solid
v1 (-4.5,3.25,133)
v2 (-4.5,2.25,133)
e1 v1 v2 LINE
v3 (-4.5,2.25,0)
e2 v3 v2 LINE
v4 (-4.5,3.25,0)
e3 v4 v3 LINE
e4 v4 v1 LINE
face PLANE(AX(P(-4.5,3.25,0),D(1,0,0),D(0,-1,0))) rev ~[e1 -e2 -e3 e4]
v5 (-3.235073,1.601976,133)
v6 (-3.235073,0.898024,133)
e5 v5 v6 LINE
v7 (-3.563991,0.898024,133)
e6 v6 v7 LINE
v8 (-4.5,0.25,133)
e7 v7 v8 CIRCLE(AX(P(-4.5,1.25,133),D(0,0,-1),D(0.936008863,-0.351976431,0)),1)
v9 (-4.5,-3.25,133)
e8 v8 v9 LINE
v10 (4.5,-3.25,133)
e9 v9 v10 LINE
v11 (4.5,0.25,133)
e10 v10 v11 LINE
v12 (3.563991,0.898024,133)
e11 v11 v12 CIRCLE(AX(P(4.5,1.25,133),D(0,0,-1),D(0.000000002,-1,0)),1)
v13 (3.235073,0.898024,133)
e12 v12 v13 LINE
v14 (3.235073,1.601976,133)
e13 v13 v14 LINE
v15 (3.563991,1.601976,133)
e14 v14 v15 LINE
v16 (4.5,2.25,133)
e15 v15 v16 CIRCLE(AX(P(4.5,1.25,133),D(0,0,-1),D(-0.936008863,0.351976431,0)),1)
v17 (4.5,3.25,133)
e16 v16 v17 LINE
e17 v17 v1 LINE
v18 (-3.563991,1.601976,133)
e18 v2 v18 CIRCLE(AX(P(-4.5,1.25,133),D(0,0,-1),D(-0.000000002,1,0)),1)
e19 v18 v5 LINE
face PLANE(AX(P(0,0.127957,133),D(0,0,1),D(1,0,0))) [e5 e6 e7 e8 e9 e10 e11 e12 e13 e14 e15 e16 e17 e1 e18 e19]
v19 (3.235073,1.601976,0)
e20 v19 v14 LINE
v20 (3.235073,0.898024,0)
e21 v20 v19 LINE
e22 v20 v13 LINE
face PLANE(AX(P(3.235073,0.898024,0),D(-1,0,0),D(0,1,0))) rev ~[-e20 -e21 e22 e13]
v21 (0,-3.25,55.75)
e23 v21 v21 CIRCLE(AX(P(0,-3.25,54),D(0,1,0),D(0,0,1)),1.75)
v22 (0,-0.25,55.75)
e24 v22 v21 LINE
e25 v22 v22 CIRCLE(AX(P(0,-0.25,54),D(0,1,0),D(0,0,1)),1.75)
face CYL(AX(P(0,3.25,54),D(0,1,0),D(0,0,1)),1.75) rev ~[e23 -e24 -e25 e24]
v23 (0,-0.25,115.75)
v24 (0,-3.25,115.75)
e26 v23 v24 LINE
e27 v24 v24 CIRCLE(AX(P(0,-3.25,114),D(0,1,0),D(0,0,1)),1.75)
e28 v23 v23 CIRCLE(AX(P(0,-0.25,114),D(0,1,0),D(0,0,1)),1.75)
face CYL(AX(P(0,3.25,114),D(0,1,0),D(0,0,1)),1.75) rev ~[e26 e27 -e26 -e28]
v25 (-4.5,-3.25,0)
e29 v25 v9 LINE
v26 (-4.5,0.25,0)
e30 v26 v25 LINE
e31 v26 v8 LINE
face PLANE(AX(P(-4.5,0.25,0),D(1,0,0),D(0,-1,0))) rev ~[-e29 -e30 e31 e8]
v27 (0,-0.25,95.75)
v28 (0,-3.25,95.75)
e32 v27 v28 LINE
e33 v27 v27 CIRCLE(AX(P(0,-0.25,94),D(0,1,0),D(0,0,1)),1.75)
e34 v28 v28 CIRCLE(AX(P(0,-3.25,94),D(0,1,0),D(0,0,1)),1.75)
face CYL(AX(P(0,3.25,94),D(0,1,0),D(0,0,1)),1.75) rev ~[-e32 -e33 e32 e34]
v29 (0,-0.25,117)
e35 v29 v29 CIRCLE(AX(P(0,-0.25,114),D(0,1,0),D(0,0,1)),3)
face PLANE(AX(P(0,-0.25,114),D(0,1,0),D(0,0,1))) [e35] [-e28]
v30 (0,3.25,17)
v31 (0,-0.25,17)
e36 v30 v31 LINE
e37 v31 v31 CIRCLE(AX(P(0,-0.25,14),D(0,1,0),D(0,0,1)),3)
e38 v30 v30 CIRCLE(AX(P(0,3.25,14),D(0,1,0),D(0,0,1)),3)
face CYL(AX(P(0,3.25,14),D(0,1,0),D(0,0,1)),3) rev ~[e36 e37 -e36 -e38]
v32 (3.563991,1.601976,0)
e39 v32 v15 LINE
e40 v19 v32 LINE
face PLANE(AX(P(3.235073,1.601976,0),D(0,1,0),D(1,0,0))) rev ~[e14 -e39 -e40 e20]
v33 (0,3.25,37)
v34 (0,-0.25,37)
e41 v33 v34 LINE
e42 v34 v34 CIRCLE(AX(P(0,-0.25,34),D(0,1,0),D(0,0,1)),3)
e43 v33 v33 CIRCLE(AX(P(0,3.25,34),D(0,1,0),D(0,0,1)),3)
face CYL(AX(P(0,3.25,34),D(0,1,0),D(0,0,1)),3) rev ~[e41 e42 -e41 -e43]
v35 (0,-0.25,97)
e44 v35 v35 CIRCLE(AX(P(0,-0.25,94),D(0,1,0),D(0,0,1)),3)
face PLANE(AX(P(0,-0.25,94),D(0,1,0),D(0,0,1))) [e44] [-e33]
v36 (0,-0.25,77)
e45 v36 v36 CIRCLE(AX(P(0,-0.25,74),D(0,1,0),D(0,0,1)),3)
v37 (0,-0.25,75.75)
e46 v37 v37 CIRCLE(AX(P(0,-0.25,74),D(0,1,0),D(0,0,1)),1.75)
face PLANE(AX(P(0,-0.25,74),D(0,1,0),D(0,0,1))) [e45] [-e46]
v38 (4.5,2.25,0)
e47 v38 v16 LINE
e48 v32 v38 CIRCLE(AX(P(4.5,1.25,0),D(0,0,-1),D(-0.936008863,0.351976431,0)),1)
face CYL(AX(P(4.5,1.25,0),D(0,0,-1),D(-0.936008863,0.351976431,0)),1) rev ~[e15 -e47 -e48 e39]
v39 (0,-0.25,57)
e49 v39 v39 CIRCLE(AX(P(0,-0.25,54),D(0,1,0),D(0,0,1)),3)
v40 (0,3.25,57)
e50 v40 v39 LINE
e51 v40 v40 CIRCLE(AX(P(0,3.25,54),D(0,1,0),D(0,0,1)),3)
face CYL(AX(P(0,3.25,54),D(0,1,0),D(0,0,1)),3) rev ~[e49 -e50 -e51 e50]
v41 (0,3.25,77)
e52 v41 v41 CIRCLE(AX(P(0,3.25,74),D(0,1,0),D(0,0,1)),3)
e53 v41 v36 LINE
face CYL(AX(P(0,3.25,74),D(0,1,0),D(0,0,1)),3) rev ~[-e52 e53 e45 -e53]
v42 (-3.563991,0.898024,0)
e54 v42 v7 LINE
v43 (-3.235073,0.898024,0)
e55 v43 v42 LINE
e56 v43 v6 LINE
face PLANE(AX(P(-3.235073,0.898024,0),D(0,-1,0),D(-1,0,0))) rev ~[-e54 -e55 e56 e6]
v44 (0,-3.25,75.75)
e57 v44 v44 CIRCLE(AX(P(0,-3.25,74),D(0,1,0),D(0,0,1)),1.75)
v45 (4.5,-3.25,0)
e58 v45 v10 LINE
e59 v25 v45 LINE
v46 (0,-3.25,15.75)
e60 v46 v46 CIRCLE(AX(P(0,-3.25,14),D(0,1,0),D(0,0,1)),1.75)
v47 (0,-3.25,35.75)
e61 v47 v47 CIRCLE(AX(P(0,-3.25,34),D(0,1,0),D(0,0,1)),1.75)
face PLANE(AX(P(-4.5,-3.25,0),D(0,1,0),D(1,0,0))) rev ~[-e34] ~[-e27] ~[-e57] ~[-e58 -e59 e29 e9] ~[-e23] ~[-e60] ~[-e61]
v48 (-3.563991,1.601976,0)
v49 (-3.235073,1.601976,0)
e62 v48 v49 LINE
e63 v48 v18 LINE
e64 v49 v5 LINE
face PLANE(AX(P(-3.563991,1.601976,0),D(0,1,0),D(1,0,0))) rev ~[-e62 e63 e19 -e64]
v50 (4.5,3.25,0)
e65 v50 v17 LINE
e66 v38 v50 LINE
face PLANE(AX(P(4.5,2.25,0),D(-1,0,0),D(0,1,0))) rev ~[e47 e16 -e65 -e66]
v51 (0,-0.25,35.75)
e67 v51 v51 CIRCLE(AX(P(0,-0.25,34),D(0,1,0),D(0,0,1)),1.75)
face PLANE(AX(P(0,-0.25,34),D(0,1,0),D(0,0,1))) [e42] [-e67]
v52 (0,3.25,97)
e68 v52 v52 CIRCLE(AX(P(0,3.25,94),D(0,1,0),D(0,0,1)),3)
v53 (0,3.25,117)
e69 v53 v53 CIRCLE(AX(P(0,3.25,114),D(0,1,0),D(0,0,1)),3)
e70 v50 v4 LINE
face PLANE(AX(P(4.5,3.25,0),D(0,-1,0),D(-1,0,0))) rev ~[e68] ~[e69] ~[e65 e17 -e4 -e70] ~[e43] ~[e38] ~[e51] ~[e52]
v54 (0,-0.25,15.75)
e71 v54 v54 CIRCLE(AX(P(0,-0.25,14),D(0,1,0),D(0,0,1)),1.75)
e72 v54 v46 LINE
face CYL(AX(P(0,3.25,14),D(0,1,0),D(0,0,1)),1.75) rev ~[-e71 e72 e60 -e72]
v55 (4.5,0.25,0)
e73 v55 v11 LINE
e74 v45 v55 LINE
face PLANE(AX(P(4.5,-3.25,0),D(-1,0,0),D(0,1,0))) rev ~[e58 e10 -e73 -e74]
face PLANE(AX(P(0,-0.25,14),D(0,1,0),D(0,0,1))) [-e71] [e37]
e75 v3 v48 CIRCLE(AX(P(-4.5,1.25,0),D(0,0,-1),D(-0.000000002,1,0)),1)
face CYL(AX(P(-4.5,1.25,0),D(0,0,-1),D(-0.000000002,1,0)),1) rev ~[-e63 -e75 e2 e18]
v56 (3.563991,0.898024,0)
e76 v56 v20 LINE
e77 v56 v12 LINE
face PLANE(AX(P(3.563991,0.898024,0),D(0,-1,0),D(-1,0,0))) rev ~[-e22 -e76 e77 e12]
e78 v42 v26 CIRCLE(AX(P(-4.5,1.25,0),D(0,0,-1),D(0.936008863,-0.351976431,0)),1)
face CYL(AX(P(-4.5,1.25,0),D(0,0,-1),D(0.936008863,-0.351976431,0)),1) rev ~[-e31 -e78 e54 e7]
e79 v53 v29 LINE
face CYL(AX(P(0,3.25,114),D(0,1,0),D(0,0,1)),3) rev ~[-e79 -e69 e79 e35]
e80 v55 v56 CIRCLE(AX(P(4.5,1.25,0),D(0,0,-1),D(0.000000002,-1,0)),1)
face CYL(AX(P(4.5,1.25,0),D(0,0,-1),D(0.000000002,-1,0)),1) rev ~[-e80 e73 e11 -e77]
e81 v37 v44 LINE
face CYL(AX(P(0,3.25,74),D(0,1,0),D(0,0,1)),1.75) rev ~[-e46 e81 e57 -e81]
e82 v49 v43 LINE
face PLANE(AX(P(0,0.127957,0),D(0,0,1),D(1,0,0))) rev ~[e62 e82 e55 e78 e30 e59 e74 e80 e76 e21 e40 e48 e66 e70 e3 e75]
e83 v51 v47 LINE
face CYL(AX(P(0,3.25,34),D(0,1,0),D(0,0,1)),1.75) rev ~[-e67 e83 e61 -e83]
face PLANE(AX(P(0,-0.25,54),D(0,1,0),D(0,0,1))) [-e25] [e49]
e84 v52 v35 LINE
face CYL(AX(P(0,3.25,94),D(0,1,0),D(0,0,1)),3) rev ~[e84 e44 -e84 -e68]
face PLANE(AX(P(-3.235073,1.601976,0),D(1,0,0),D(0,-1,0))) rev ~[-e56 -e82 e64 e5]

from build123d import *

# Parameters (mm, degrees)
EXTRUDE1_DEPTH  = 133
SKETCH2_R       = 3
EXTRUDE2_DEPTH  = 3.5
SKETCH_R        = 1.75
EXTRUDE3_DEPTH  = 134.234755226
LPATTERN1_COUNT = 6
LPATTERN1_PITCH = 20


with BuildPart() as part:
    # Sketch1 → Extrude1 (new body)
    with BuildSketch(Plane.XY):
        with BuildLine():
            Line((-4.5, -3.25), (4.5, -3.25))
            Line((4.5, -3.25), (4.5, 0.25))
            ThreePointArc((4.5, 0.25), (3.93077967, 0.427814974), (3.563991137, 0.898023568))
            Line((3.563991137, 0.898023568), (3.235073025, 0.898023568))
            Line((3.235073025, 0.898023568), (3.235073025, 1.601976432))
            Line((3.235073025, 1.601976432), (3.563991137, 1.601976432))
            ThreePointArc((3.563991137, 1.601976432), (3.93077967, 2.072185026), (4.5, 2.25))
            Line((4.5, 2.25), (4.5, 3.25))
            Line((4.5, 3.25), (-4.5, 3.25))
            Line((-4.5, 3.25), (-4.5, 2.25))
            ThreePointArc((-4.5, 2.25), (-3.93077967, 2.072185026), (-3.563991137, 1.601976432))
            Line((-3.563991137, 1.601976432), (-3.235073025, 1.601976432))
            Line((-3.235073025, 1.601976432), (-3.235073025, 0.898023568))
            Line((-3.235073025, 0.898023568), (-3.563991137, 0.898023568))
            ThreePointArc((-3.563991137, 0.898023568), (-3.93077967, 0.427814974), (-4.5, 0.25))
            Line((-4.5, 0.25), (-4.5, -3.25))
        make_face()
    extrude(amount=EXTRUDE1_DEPTH)

    # Sketch2 → Extrude2 (cut)
    with BuildSketch(Plane(origin=(0, 3.25, 0), x_dir=(1, 0, 0), z_dir=(0, 1, 0))):
        with Locations((0, -14)):
            Circle(SKETCH2_R)
    extrude2 = extrude(amount=-EXTRUDE2_DEPTH, mode=Mode.SUBTRACT)

    # Sketch → Extrude3 (cut, through all)
    with BuildSketch(Plane(origin=(0, 3.25, 0), x_dir=(1, 0, 0), z_dir=(0, 1, 0))):
        with Locations((0, -14)):
            Circle(SKETCH_R)
    extrude3 = extrude(amount=-EXTRUDE3_DEPTH, mode=Mode.SUBTRACT)

    # LPattern1: Extrude2, Extrude3 ×6
    with Locations(*[(0, 0, i * LPATTERN1_PITCH) for i in range(1, LPATTERN1_COUNT)]):
        add(extrude2, mode=Mode.SUBTRACT)
        add(extrude3, mode=Mode.SUBTRACT)


solid = part.part
